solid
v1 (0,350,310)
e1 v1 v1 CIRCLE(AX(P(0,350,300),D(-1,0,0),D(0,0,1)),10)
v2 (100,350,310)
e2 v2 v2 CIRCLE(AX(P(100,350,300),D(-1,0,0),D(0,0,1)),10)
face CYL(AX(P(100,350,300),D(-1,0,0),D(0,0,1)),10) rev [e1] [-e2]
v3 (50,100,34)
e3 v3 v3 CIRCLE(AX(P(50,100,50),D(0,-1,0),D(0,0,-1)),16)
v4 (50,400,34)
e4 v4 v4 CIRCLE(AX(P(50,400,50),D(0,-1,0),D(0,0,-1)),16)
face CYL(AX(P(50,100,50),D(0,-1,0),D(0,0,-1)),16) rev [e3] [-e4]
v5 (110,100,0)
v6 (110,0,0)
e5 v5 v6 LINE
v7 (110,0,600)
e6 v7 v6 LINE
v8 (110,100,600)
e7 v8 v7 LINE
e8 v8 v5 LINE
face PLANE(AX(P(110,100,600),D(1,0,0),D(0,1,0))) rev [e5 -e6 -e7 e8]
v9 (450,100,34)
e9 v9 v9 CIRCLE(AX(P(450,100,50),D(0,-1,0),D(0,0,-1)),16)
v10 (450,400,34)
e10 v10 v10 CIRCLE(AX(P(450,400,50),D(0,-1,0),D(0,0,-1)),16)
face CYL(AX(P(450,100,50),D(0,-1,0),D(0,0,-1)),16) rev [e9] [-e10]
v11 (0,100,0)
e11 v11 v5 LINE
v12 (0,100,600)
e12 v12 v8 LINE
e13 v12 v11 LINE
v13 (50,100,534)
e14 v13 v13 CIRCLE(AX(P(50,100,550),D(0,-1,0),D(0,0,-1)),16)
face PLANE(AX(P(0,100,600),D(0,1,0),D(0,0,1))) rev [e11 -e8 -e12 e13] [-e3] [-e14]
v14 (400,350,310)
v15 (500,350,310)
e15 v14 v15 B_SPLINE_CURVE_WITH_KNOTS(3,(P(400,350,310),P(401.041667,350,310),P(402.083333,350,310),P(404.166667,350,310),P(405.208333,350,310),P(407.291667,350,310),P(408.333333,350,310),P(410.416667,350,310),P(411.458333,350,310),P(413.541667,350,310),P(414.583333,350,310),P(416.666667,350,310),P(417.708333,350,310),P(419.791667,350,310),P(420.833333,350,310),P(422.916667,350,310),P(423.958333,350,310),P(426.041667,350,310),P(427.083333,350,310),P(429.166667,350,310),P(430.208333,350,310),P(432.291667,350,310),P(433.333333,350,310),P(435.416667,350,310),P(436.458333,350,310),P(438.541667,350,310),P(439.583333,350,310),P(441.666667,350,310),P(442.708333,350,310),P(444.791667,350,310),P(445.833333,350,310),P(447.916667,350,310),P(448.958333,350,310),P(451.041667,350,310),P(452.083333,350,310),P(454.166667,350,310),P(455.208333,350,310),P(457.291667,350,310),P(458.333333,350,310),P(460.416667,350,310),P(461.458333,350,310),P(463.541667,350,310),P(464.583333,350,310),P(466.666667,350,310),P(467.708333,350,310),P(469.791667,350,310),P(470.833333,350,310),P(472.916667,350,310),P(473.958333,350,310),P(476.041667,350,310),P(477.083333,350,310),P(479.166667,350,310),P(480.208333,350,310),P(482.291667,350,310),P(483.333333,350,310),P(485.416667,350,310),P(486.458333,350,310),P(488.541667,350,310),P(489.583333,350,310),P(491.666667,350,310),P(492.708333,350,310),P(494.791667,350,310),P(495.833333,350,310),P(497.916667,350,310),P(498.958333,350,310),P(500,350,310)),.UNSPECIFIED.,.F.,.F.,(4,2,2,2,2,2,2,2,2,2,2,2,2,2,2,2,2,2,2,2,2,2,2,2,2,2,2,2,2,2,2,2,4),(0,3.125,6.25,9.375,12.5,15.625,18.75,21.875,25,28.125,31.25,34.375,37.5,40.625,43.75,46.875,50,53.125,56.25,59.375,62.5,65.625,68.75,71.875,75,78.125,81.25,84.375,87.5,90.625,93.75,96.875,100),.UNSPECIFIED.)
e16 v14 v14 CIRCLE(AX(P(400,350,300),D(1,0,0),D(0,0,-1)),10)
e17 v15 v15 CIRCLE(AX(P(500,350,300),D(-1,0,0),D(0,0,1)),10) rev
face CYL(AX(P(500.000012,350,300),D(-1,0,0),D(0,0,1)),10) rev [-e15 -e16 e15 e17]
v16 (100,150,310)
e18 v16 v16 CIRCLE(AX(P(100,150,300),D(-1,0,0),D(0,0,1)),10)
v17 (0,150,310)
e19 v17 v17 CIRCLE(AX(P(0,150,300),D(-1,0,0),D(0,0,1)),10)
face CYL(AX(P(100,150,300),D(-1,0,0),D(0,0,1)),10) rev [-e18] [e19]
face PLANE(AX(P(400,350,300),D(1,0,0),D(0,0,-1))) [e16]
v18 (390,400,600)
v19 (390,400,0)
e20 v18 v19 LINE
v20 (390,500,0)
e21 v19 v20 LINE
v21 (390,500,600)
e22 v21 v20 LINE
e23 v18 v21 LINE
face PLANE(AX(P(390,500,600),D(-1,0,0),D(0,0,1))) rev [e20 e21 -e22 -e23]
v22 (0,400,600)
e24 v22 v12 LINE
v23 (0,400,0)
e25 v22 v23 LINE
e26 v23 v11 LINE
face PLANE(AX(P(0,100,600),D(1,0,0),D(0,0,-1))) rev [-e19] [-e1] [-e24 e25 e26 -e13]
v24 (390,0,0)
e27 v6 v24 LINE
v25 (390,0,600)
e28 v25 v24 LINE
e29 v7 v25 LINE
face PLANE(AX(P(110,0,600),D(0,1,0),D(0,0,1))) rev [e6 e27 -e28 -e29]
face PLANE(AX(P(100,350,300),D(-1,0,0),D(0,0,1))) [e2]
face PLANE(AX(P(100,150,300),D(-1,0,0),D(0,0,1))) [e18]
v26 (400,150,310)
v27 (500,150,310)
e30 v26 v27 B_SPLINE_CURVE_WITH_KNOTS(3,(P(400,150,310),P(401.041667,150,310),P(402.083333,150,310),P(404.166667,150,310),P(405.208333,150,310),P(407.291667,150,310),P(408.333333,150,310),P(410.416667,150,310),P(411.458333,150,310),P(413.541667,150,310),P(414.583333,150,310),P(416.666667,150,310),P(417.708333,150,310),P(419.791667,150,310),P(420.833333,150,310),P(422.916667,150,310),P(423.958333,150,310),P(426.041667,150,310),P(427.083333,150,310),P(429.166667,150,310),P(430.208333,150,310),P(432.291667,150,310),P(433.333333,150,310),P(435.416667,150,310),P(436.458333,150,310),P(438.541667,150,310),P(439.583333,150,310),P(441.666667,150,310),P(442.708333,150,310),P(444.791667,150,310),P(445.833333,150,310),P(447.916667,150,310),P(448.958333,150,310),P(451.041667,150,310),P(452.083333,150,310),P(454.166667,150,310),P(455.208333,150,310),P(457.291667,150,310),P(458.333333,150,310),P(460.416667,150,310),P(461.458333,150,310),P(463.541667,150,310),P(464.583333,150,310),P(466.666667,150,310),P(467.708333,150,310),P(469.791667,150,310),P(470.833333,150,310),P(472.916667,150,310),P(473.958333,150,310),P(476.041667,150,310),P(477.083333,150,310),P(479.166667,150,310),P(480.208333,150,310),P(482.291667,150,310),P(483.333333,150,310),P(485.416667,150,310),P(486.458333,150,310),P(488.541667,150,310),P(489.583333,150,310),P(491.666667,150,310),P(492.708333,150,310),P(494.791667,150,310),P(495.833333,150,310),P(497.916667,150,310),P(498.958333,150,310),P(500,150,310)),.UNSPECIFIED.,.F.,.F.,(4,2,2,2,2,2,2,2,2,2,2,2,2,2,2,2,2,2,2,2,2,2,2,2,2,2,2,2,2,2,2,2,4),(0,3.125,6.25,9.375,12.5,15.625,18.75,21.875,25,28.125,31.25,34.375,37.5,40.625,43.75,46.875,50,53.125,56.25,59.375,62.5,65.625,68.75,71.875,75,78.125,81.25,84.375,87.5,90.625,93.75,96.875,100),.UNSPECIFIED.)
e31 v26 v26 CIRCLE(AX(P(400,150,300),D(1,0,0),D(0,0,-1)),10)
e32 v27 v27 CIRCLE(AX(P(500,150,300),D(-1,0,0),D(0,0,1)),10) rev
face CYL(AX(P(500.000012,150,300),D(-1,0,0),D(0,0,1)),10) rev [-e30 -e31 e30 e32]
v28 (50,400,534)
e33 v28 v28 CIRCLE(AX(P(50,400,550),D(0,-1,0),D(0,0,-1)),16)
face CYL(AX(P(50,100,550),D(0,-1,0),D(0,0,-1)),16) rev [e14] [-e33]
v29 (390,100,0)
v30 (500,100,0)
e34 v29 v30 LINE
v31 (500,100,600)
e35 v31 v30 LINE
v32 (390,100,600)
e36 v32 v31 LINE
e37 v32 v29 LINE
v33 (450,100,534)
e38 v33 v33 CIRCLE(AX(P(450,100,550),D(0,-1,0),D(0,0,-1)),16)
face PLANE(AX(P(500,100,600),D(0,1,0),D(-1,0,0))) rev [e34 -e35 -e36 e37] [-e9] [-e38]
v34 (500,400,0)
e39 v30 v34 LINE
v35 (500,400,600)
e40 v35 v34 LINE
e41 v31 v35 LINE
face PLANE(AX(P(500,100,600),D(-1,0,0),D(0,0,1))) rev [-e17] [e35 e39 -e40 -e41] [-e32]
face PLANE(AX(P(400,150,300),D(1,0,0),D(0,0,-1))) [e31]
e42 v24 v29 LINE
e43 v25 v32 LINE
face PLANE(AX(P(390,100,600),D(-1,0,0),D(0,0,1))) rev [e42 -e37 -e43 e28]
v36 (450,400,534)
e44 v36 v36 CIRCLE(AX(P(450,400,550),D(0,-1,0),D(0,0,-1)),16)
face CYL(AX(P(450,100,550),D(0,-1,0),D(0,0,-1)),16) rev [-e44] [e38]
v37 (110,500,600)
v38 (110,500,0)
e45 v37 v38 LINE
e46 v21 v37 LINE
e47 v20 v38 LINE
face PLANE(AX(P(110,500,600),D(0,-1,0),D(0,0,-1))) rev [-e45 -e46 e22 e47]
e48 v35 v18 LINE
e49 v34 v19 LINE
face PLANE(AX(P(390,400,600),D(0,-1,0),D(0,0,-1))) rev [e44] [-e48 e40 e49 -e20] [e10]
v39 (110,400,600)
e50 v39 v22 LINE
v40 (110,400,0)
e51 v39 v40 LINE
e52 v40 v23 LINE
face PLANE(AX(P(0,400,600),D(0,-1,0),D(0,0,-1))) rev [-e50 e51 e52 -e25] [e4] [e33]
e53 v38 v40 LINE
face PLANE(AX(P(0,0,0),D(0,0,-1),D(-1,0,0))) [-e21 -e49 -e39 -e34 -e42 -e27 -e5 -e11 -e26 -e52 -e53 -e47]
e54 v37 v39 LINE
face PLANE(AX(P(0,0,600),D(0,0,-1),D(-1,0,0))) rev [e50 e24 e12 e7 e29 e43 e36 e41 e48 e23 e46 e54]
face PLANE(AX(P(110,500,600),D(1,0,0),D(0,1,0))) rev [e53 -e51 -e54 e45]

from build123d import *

# Parameters (mm, degrees)
BOSS_EXTRUDE1_DEPTH     = 600
M36_TAPPED_HOLE1_D      = 32
CUT_EXTRUDE1_DEPTH      = 928.36184955
CUT_EXTRUDE1_DEPTH_BACK = 100
SKETCH6_R               = 10
CUT_EXTRUDE2_START      = -100
SKETCH7_R               = 10
CUT_EXTRUDE2_DEPTH      = 100


with BuildPart() as part:
    # Sketch1 → Boss-Extrude1 (new body)
    with BuildSketch(Plane.XY):
        Polygon((110, 0), (390, 0), (390, 100), (500, 100), (500, 400), (390, 400), (390, 500), (110, 500), (110, 400), (0, 400), (0, 100), (110, 100), align=None)
    extrude(amount=BOSS_EXTRUDE1_DEPTH)

    # M36 Tapped Hole1 (through all)
    with Locations(Plane(origin=(0, 100, 0), x_dir=(-1, 0, 0), z_dir=(0, -1, 0))):
        with Locations((-50, -50), (-50, -550), (-450, -50), (-450, -550)):
            Hole(M36_TAPPED_HOLE1_D / 2)

    # Sketch6 → Cut-Extrude1 (cut, two sides: drawn at the far end of the back side and taken through both)
    with BuildSketch(Plane(origin=(500, 0, 0), x_dir=(0, 0, -1), z_dir=(1, 0, 0)).offset(-CUT_EXTRUDE1_DEPTH_BACK)):
        with Locations(Location((-300, 150, 0), (0, 0, 180))):
            Circle(SKETCH6_R)
        with Locations(Location((-300, 350, 0), (0, 0, 180))):
            Circle(SKETCH6_R)
    extrude(amount=CUT_EXTRUDE1_DEPTH + CUT_EXTRUDE1_DEPTH_BACK, mode=Mode.SUBTRACT)

    # Sketch7 → Cut-Extrude2 (cut)
    with BuildSketch(Plane.ZY.offset(CUT_EXTRUDE2_START)):
        with Locations((300, 150)):
            Circle(SKETCH7_R)
        with Locations((300, 350)):
            Circle(SKETCH7_R)
    extrude(amount=CUT_EXTRUDE2_DEPTH, mode=Mode.SUBTRACT)


solid = part.part
